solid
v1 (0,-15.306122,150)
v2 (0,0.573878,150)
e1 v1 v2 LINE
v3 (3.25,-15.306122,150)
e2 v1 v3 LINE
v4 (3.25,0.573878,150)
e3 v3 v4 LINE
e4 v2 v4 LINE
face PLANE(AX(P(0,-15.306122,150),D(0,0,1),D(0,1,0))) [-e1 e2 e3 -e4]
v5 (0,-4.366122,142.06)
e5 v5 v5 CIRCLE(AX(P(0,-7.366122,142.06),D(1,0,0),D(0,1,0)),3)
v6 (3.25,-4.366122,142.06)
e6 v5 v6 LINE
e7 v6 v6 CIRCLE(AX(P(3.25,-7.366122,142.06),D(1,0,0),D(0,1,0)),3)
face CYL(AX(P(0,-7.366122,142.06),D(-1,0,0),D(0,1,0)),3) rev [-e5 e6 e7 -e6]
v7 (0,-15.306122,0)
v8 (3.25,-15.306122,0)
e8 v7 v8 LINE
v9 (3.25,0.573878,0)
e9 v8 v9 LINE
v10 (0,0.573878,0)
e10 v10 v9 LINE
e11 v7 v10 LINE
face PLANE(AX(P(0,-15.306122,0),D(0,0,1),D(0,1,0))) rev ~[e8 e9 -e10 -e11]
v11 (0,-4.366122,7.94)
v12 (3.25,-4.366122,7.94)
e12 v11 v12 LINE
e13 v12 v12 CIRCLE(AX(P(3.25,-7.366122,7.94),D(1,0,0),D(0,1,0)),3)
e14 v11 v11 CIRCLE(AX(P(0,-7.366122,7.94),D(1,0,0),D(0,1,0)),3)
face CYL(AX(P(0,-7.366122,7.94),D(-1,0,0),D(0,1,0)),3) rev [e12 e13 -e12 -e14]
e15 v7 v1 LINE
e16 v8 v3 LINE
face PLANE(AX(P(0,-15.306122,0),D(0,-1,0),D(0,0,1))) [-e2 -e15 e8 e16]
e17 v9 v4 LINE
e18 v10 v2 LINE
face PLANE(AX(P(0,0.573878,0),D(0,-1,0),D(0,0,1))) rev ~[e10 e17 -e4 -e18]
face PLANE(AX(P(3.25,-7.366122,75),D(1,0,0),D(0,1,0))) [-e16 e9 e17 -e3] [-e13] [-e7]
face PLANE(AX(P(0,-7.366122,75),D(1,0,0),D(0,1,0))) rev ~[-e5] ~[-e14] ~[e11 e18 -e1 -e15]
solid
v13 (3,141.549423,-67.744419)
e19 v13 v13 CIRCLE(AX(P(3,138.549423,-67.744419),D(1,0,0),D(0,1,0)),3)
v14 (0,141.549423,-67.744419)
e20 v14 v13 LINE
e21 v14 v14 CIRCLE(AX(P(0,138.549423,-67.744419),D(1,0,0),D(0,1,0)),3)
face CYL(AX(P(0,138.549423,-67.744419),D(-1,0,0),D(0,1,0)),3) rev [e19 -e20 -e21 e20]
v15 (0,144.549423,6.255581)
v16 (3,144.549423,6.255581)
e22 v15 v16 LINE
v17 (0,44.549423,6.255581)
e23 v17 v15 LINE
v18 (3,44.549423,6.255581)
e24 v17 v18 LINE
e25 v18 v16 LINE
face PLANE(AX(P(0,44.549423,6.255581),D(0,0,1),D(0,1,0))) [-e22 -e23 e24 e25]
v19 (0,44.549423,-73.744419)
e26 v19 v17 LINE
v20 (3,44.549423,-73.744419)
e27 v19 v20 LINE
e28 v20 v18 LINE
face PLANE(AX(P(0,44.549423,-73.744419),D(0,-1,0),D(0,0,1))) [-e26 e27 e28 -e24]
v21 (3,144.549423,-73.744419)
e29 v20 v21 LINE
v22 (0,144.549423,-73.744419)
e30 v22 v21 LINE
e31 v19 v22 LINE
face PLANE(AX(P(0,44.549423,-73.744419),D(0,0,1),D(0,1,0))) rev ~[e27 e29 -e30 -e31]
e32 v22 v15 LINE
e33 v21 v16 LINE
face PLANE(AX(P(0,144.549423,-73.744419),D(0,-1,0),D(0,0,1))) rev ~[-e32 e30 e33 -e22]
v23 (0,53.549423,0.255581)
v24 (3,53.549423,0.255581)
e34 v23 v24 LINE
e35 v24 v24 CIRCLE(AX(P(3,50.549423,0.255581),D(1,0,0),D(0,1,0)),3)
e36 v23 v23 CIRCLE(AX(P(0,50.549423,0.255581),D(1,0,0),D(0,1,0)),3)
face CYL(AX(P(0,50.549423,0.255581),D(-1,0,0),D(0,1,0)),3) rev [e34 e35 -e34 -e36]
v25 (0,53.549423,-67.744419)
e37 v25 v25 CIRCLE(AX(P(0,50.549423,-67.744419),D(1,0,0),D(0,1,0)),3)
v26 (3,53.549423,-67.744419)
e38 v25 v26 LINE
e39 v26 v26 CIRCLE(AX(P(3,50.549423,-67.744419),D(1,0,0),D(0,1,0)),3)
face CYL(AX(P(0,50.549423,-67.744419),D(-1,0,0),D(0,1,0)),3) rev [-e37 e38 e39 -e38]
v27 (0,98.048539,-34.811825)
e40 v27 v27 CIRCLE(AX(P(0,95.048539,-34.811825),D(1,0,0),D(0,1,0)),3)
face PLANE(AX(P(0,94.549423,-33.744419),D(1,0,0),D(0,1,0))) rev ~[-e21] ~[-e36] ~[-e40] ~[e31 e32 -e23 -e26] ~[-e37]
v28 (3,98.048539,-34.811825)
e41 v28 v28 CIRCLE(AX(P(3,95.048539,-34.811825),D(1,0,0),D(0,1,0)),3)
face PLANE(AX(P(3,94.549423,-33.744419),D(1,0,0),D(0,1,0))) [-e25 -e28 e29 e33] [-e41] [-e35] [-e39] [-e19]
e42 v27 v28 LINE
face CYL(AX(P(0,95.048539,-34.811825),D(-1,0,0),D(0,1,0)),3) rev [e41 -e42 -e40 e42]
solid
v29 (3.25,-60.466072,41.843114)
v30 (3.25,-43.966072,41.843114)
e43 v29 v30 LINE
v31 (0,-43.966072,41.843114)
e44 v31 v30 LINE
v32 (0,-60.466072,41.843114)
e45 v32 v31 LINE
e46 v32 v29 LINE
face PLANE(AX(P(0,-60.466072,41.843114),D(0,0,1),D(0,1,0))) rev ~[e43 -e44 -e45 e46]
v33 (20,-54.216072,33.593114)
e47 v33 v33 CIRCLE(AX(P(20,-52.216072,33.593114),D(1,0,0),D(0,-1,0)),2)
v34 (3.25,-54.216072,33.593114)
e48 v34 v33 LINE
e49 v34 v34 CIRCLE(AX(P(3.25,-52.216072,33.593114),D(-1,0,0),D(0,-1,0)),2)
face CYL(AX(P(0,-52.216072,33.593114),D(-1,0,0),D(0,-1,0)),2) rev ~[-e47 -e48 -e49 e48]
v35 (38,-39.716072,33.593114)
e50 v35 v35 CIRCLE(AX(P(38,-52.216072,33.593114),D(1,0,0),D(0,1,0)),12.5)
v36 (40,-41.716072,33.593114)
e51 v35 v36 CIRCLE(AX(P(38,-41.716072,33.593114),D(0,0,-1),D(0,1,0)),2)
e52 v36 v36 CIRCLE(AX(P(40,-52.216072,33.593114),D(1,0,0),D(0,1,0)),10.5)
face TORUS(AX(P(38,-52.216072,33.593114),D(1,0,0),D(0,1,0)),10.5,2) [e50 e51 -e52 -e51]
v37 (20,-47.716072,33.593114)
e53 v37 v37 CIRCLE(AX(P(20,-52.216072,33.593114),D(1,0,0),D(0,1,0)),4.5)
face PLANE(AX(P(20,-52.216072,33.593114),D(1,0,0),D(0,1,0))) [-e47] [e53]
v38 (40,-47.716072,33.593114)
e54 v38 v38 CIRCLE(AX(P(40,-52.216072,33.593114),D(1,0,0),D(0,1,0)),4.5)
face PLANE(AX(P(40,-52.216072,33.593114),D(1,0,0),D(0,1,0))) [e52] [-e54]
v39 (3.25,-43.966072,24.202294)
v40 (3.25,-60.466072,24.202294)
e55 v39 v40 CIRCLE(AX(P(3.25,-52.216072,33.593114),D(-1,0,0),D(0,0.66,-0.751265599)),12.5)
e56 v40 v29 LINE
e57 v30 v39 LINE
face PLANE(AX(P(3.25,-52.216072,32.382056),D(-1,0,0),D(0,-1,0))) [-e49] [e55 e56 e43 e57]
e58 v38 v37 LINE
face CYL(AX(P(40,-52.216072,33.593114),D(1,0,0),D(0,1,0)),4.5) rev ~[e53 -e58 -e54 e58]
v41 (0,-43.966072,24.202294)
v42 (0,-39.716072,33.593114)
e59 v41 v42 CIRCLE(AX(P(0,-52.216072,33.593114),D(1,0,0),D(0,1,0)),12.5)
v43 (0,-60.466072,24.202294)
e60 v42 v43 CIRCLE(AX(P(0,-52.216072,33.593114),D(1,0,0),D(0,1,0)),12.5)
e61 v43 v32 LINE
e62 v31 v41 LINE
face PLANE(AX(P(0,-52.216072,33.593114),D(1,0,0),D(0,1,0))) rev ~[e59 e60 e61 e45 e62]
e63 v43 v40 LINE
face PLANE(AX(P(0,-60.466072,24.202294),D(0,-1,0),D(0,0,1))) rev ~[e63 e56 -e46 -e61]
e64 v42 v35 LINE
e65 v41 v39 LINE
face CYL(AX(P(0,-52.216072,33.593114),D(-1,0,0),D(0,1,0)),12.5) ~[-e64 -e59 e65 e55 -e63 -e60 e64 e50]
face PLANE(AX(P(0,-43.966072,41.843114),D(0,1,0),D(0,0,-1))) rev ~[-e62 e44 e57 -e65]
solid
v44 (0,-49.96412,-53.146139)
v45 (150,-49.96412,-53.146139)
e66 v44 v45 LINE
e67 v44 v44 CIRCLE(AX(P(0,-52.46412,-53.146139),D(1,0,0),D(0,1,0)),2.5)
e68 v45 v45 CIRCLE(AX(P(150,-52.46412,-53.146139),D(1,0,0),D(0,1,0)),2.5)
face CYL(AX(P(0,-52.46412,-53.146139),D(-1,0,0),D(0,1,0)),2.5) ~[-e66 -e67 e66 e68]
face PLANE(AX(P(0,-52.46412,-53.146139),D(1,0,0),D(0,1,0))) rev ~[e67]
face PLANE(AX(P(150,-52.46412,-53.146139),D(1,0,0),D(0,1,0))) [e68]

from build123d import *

# Parameters (mm, degrees)
F2_W      = 15.88
F2_H      = 150
F2_R      = 3
F3_DEPTH  = 3.25
F4_R      = 12.5
F5_DEPTH  = 40
F6_R      = 2
F7_DEPTH  = 40
F8_R      = 4.5
F8_R_2    = 2
F9_DEPTH  = 20
F10_R     = 2
F11_R     = 2
F12_DEPTH = 3.25
F13_R     = 2.5
F14_DEPTH = 150
F15_W     = 100
F15_H     = 80
F15_R     = 3
F16_DEPTH = 3


with BuildPart() as f3:
    # F2 (on Right) → F3 (new body)
    with BuildSketch(Plane.YZ):
        with Locations((-7.3661215442, 75)):
            Rectangle(F2_W, F2_H)
        with Locations((-7.3661215442, 7.94)):
            Circle(F2_R, mode=Mode.SUBTRACT)
        with Locations((-7.3661215442, 142.06)):
            Circle(F2_R, mode=Mode.SUBTRACT)
    extrude(amount=F3_DEPTH)


with BuildPart() as f5:
    # F4 (on Right) → F5 (new body)
    with BuildSketch(Plane.YZ):
        with Locations((-52.2160716355, 33.5931144655)):
            Circle(F4_R)
    extrude(amount=F5_DEPTH)

    # F6 (on face) → F7 (cut, through all)
    with BuildSketch(Plane(origin=(0, 0, 0), x_dir=(0, -1, 0), z_dir=(-1, 0, 0))):
        with Locations((52.2160716355, 33.5931144655)):
            Circle(F6_R)
    extrude(amount=-F7_DEPTH, mode=Mode.SUBTRACT)

    # F8 (on face) → F9 (cut)
    with BuildSketch(Plane.YZ.offset(40)):
        with Locations((-52.2160716355, 33.5931144655)):
            Circle(F8_R)
        with Locations((-52.2160716355, 33.5931144655)):
            Circle(F8_R_2, mode=Mode.SUBTRACT)
    extrude(amount=-F9_DEPTH, mode=Mode.SUBTRACT)

    # F10
    f10_edges = [f5.edges().sort_by_distance(p)[0] for p in [
        (40, -64.716072, 33.593114),
    ]]
    fillet(f10_edges, radius=F10_R)

    # F11 (on face) → F12 (cut)
    with BuildSketch(Plane(origin=(0, 0, 0), x_dir=(0, -1, 0), z_dir=(-1, 0, 0))):
        with BuildLine():
            Line((43.9660716355, 41.8431144655), (43.9660716355, 24.20229448))
            ThreePointArc((43.9660716355, 24.20229448), (52.2160716355, 21.0931144655), (60.4660716355, 24.20229448))
            Line((60.4660716355, 24.20229448), (60.4660716355, 41.8431144655))
            Line((60.4660716355, 41.8431144655), (43.9660716355, 41.8431144655))
        make_face()
        with Locations((52.2160716355, 33.5931144655)):
            Circle(F11_R, mode=Mode.SUBTRACT)
    extrude(amount=-F12_DEPTH, mode=Mode.SUBTRACT)


with BuildPart() as f14:
    # F13 (on Right) → F14 (new body)
    with BuildSketch(Plane.YZ):
        with Locations((-52.46412009, -53.1461387873)):
            Circle(F13_R)
    extrude(amount=F14_DEPTH)


with BuildPart() as f16:
    # F15 (on Right) → F16 (new body)
    with BuildSketch(Plane.YZ):
        with Locations((94.5494233072, -33.7444189344)):
            Rectangle(F15_W, F15_H)
        with Locations((50.5494233072, -67.7444189344)):
            Circle(F15_R, mode=Mode.SUBTRACT)
        with Locations((138.5494233072, -67.7444189344)):
            Circle(F15_R, mode=Mode.SUBTRACT)
        with Locations((95.0485393405, -34.8118245602)):
            Circle(F15_R, mode=Mode.SUBTRACT)
        with Locations((50.5494233072, 0.2555810656)):
            Circle(F15_R, mode=Mode.SUBTRACT)
    extrude(amount=F16_DEPTH)


solid = Compound([f3.part, f5.part, f14.part, f16.part])
